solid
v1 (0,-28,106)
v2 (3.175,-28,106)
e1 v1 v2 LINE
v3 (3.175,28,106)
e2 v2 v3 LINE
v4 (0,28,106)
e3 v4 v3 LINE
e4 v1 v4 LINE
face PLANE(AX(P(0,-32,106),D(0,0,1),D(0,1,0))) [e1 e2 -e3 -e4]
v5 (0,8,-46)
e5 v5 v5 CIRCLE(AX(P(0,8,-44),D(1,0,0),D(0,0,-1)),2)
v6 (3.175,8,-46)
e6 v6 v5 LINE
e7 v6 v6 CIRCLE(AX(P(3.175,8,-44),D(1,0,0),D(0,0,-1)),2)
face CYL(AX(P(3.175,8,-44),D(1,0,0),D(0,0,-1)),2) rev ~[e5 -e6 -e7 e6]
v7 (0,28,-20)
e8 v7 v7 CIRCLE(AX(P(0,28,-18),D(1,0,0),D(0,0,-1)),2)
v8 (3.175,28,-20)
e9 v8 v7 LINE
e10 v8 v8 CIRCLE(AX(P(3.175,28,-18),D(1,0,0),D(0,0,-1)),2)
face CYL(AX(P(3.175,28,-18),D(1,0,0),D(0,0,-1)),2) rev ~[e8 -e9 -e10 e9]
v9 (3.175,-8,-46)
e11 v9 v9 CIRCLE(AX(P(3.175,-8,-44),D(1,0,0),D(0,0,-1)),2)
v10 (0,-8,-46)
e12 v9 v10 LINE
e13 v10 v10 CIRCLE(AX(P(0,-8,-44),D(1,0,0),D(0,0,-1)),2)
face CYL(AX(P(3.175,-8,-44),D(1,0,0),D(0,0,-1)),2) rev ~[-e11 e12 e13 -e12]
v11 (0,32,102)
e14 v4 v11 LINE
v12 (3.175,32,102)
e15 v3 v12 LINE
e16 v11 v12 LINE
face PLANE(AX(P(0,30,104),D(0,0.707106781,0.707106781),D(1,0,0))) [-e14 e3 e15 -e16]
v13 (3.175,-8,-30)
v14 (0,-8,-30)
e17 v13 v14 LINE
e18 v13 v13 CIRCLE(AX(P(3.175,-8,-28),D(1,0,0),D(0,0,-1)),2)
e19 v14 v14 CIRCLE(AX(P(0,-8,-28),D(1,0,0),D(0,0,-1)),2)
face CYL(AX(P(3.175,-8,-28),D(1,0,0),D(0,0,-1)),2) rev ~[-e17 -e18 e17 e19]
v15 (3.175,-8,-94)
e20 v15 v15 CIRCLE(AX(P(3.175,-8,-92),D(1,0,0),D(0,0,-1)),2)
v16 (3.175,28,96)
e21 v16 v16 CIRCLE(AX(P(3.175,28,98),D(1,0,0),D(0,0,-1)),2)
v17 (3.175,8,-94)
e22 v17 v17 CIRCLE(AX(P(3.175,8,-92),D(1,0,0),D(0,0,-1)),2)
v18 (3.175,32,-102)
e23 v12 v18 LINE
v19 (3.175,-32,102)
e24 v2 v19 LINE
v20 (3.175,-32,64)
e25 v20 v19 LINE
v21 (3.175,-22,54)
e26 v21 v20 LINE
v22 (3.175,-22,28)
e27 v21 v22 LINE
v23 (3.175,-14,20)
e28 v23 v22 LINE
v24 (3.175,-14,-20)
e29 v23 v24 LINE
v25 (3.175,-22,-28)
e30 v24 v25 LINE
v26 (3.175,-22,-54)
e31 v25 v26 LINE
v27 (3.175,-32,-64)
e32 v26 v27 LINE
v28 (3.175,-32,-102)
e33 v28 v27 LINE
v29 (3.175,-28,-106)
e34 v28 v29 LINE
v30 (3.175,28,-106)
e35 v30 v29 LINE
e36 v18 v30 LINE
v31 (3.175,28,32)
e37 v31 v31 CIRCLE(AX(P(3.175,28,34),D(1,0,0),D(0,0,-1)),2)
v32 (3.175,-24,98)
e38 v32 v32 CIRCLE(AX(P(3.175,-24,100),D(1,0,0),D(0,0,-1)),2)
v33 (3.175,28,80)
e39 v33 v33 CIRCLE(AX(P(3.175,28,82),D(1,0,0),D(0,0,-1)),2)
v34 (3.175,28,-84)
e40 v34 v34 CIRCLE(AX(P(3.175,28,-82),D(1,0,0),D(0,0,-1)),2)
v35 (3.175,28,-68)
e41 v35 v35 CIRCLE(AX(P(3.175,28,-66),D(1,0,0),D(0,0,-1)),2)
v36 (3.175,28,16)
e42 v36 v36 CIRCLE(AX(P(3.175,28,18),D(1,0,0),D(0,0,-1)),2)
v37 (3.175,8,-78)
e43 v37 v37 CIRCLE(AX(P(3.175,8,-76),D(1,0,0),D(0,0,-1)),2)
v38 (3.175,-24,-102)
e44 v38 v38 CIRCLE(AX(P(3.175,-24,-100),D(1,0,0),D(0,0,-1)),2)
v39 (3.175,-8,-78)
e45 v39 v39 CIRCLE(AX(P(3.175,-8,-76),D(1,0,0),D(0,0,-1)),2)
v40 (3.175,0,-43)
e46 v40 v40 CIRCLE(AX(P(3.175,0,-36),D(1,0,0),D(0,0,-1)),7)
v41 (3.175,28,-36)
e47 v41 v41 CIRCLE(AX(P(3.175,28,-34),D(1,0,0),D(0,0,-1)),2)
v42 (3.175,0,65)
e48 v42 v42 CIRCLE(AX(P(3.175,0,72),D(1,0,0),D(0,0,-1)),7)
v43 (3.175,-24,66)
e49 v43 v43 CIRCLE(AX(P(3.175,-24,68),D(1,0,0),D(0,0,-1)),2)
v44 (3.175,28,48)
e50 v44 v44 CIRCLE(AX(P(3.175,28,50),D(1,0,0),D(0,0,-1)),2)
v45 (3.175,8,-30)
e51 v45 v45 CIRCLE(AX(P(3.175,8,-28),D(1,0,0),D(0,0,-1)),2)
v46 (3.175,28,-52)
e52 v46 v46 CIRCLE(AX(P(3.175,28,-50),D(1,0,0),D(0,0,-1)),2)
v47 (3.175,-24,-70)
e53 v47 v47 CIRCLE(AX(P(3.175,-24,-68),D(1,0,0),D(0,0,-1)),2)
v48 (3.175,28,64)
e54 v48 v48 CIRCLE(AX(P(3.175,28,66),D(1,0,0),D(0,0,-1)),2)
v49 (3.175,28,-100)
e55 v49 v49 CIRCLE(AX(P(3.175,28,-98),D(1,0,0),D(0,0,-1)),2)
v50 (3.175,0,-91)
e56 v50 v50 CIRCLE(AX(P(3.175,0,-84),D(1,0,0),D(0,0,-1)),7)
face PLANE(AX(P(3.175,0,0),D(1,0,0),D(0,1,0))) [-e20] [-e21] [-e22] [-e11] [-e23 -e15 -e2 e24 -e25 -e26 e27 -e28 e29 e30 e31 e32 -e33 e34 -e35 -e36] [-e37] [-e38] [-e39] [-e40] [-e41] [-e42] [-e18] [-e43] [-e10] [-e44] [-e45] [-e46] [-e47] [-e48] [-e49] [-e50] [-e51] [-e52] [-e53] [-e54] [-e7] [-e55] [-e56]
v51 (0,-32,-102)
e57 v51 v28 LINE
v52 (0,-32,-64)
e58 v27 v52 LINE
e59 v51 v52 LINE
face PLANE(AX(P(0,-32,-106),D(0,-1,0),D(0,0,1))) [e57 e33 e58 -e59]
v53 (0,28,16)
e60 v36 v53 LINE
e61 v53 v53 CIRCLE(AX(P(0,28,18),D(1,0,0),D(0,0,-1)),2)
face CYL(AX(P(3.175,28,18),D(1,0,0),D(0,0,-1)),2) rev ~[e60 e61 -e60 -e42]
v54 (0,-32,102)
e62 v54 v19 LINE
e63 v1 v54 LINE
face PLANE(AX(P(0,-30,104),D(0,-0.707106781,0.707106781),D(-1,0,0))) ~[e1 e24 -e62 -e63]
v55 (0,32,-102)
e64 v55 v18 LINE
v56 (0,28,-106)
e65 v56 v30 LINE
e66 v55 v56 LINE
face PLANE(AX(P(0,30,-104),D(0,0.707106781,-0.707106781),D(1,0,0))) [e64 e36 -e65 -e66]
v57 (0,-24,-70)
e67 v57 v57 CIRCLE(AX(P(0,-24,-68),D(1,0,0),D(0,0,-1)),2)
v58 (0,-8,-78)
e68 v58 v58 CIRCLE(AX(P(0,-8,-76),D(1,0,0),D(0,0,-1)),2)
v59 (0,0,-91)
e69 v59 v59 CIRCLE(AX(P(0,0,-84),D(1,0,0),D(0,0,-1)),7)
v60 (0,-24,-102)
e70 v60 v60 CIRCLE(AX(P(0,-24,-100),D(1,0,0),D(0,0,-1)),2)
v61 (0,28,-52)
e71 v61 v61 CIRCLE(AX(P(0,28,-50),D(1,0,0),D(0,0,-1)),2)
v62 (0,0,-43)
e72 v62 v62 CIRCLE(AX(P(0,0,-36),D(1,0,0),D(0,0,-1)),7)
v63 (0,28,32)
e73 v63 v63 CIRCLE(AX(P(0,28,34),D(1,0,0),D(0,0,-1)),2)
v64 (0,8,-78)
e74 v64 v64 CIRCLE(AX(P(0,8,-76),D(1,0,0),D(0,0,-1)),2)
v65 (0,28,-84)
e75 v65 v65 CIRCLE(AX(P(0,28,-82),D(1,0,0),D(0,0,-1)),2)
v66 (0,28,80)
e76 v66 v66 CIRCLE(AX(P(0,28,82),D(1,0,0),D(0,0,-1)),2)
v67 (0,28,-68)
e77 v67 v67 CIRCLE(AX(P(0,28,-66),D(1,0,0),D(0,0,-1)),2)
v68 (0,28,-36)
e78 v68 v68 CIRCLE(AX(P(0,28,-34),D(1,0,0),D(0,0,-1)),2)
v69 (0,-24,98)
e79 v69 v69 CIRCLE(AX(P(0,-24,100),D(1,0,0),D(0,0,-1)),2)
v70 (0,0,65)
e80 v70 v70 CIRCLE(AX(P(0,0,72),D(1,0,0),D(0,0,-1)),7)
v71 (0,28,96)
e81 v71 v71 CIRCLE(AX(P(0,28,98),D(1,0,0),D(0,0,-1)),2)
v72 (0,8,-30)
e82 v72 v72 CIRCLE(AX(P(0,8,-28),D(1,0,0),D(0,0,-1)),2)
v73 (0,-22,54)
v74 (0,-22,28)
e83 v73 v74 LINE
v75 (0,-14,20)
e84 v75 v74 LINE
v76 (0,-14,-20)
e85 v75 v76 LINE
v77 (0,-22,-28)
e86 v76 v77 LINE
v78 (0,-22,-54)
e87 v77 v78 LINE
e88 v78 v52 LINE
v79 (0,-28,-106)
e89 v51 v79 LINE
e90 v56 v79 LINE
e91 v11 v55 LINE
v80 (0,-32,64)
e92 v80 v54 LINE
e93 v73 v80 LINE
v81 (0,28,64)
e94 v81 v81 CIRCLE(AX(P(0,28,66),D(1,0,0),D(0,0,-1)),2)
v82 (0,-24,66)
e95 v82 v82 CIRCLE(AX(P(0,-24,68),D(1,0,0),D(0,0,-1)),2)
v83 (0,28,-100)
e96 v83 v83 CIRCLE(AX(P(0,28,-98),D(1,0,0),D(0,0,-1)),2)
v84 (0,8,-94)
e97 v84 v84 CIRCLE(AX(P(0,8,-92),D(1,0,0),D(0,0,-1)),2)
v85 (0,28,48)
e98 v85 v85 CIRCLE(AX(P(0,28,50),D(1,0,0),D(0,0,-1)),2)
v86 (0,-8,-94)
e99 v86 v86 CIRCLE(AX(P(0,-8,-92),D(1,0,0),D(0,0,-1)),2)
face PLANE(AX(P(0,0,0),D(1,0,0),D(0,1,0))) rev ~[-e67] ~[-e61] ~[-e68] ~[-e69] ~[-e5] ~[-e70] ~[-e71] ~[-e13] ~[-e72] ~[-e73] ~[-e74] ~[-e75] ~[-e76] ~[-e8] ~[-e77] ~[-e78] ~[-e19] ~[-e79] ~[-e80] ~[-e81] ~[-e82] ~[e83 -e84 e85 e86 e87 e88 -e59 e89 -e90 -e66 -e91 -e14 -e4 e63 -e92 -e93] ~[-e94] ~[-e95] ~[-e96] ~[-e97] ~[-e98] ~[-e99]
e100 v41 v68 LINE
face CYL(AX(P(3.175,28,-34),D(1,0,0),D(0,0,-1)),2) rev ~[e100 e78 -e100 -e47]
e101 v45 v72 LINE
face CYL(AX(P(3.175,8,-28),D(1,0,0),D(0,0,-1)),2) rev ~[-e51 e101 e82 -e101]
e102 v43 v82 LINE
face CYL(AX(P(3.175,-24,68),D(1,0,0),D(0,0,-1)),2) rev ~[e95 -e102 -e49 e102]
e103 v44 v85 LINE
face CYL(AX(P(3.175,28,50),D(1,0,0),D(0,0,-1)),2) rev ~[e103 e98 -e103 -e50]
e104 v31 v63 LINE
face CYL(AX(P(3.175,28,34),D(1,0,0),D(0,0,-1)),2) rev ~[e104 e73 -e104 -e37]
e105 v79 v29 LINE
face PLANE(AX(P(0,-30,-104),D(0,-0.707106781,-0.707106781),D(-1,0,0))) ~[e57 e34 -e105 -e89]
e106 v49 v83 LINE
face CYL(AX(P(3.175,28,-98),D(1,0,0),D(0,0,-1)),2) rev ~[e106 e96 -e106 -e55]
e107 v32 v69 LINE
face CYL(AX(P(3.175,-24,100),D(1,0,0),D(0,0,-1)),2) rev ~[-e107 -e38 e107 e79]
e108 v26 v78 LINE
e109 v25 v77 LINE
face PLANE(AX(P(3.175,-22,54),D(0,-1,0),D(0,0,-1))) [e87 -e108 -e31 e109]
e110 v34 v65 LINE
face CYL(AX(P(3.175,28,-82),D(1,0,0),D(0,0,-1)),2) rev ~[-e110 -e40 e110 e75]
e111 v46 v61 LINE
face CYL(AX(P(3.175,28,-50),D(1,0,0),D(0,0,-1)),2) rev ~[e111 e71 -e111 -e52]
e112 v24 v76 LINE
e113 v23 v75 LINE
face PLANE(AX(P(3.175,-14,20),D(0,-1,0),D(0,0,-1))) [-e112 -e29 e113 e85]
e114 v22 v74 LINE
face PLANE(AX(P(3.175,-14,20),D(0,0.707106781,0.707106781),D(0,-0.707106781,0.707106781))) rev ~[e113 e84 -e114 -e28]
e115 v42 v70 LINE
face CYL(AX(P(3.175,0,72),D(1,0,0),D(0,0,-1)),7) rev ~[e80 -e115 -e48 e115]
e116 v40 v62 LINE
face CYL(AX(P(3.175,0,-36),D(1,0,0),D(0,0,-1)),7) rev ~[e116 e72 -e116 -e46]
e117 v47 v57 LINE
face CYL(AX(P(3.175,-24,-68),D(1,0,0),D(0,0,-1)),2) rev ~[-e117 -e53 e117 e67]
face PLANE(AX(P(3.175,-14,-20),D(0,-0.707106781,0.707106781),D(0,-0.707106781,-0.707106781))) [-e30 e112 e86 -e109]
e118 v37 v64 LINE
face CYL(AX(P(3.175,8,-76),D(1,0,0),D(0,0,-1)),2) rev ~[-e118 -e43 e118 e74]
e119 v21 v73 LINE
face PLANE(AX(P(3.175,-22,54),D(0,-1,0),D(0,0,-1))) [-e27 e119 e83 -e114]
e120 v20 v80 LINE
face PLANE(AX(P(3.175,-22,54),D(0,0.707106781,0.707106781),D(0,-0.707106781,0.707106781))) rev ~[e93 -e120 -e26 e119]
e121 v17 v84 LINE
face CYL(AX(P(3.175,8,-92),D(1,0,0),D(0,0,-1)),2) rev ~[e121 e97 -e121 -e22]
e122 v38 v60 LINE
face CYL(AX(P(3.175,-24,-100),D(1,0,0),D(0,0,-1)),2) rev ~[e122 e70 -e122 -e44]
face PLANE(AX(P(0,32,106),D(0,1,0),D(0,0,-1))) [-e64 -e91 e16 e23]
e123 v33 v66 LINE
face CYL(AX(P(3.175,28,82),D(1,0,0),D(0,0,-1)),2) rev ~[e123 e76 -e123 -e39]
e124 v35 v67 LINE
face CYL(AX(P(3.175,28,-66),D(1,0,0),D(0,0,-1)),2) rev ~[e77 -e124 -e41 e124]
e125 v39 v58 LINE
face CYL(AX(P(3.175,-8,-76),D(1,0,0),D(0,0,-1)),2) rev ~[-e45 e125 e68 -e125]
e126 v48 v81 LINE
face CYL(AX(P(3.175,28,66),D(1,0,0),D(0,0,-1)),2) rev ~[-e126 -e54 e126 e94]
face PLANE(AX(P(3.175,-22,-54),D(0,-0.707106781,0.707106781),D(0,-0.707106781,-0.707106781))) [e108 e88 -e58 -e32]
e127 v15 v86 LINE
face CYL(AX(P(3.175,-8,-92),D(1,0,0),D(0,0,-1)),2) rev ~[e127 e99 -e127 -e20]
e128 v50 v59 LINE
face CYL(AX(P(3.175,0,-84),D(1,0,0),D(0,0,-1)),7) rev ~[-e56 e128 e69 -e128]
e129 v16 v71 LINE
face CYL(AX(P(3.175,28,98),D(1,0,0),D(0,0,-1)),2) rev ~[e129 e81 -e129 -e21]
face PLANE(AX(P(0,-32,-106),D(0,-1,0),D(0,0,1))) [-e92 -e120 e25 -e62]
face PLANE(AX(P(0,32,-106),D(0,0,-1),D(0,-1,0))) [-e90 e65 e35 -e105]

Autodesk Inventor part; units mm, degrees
ref_plane "YZ Plane" through (0, 0, 0) normal (1, 0, 0) x (0, 1, 0)
ref_plane "XZ Plane" through (0, 0, 0) normal (0, 1, 0) x (-1, 0, 0)
ref_plane "XY Plane" through (0, 0, 0) normal (0, 0, 1) x (1, 0, 0)
sketch "Sketch1" plane through (0, 0, 0) normal (1, 0, 0) x (0, 1, 0)
  line L0 (-32, 106) -> (32, 106)
  line L1 (32, 106) -> (32, -106)
  line L2 (32, -106) -> (-32, -106)
  line L3 (-32, -106) -> (-32, 106)
  line L4 (-32, 106) -> (32, -106) construction
  line L5 (32, 106) -> (-32, -106) construction
  point P0 (0, 0)
  dimension "d0" = 64
  dimension "d1" = 212
extrude "Extrusion1" add sketch "Sketch1" along normal blind 3.175
chamfer "Chamfer1" distance 4 angle 45 2 edges at (1.5875, 32, 106) (1.5875, 32, -106)
chamfer "Chamfer2" distance 4 angle 45 2 edges at (1.5875, -32, 106) (1.5875, -32, -106)
sketch "Sketch3" plane through (3.175, 0, 0) normal (1, 0, 0) x (0, 0, -1)
  circle A0 centre (-84, -8) radius 7 construction
  circle A1 centre (-68, -24) radius 2
  line L0 (-102, -32) -> (102, -32) construction
  line L1 (-84, -1) -> (-84, -15) construction
  circle A2 centre (-100, -24) radius 2
  line L2 (102, 32) -> (-102, 32) construction
  line L3 (0, 32) -> (0, -32) construction
  circle A3 centre (68, -24) radius 2
  circle A4 centre (100, -24) radius 2
  point P0 (0, 0)
  dimension "d22" = 14
  dimension "d23" = 84
  dimension "d24" = 4
  dimension "d25" = 16
  dimension "d26" = 8
  dimension "d27" = 16
extrude "Extrusion3" cut sketch "Sketch3" against normal through all
sketch "Sketch4" plane through (3.175, 0, 0) normal (1, 0, 0) x (0, 0, -1)
  circle A0 centre (-72, 0) radius 7
  point P0 (0, 0)
  dimension "d30" = 14
  dimension "d31" = 72
extrude "Extrusion4" cut sketch "Sketch4" against normal through all
sketch "Sketch6" plane through (3.175, 0, 0) normal (1, 0, 0) x (0, 0, -1)
  circle A0 centre (-72, 0) radius 7 construction
  circle A1 centre (84, 0) radius 7
  line L0 (84, 0) -> (91, 0) construction
  circle A2 centre (76, 8) radius 2
  circle A3 centre (76, -8) radius 2
  circle A4 centre (92, -8) radius 2
  circle A5 centre (92, 8) radius 2
  circle A6 centre (36, 0) radius 7
  circle A7 centre (28, 8) radius 2
  circle A8 centre (28, -8) radius 2
  circle A9 centre (44, -8) radius 2
  circle A10 centre (44, 8) radius 2
  point P0 (0, 0)
  dimension "d65" = 14
  dimension "d67" = 84
  dimension "d71" = 4
  dimension "d72" = 8
  dimension "d73" = 8
  dimension "d76" = 360
  dimension "d78" = 14
  dimension "d79" = 36
  dimension "d80" = 4
  dimension "d81" = 8
  dimension "d82" = 8
  dimension "d85" = 360
extrude "Extrusion6" cut sketch "Sketch6" against normal blind 10
sketch "Sketch8" plane through (3.175, 0, 0) normal (1, 0, 0) x (0, 0, -1)
  circle A0 centre (-98, 28) radius 2
  line L0 (102, 32) -> (-102, 32) construction
  line L1 (-106, 28) -> (-106, -28) construction
  circle A1 centre (-82, 28) radius 2
  circle A2 centre (-66, 28) radius 2
  circle A3 centre (-50, 28) radius 2
  circle A4 centre (-34, 28) radius 2
  circle A5 centre (-18, 28) radius 2
  line L2 (0, 32) -> (0, -32) construction
  line L3 (-102, -32) -> (102, -32) construction
  circle A6 centre (98, 28) radius 2
  circle A7 centre (82, 28) radius 2
  circle A8 centre (66, 28) radius 2
  circle A9 centre (50, 28) radius 2
  circle A10 centre (34, 28) radius 2
  circle A11 centre (18, 28) radius 2
  point P0 (0, 0)
  dimension "d87" = 4
  dimension "d88" = 4
  dimension "d89" = 8
  dimension "d92" = 16
extrude "Extrusion7" cut sketch "Sketch8" against normal through all
sketch "Sketch9" plane through (3.175, 0, 0) normal (1, 0, 0) x (0, 0, -1)
  line L0 (-102, -32) -> (102, -32) construction
  line L1 (-64, -32) -> (-64, -32)
  line L2 (-54, -22) -> (54, -22)
  line L3 (64, -32) -> (64, -32)
  line L4 (-64, -32) -> (64, -32)
  line L5 (-54, -22) -> (-64, -32)
  line L6 (54, -22) -> (64, -32)
  point P0 (0, 0)
  point P1 (-64, -22)
  point P2 (64, -22)
  dimension "d99" = 64
  dimension "d100" = 64
  dimension "d101" = 10
  dimension "d102" = 10
  dimension "d103" = 10
  dimension "d104" = 10
  dimension "d105" = 10
extrude "Extrusion8" cut sketch "Sketch9" against normal through all
sketch "Sketch10" plane through (3.175, 0, 0) normal (1, 0, 0) x (0, 0, -1)
  line L0 (-54, -22) -> (54, -22) construction
  line L1 (-28, -22) -> (-28, -22)
  line L2 (-20, -14) -> (20, -14)
  line L3 (28, -22) -> (28, -22)
  line L4 (-28, -22) -> (28, -22)
  line L5 (-20, -14) -> (-28, -22)
  line L6 (20, -14) -> (28, -22)
  point P0 (0, 0)
  point P1 (-28, -14)
  point P2 (28, -14)
  point P3 (0, -14)
  point P4 (0, -22)
  point P5 (28, -22)
  dimension "d108" = 8
  dimension "d109" = 56
  dimension "d110" = 8
  dimension "d111" = 8
  dimension "d112" = 8
  dimension "d113" = 8
extrude "Extrusion9" cut sketch "Sketch10" against normal through all
equation "\"d100\" = d99"
equation "\"d102\" = d101"
equation "\"d103\" = d102"
equation "\"d104\" = d101"
equation "\"d105\" = d104"
equation "\"d110\" = d108"
equation "\"d111\" = d108"
equation "\"d112\" = d108"
equation "\"d113\" = d112"
properties part number "ArmSidePlate_Template"
